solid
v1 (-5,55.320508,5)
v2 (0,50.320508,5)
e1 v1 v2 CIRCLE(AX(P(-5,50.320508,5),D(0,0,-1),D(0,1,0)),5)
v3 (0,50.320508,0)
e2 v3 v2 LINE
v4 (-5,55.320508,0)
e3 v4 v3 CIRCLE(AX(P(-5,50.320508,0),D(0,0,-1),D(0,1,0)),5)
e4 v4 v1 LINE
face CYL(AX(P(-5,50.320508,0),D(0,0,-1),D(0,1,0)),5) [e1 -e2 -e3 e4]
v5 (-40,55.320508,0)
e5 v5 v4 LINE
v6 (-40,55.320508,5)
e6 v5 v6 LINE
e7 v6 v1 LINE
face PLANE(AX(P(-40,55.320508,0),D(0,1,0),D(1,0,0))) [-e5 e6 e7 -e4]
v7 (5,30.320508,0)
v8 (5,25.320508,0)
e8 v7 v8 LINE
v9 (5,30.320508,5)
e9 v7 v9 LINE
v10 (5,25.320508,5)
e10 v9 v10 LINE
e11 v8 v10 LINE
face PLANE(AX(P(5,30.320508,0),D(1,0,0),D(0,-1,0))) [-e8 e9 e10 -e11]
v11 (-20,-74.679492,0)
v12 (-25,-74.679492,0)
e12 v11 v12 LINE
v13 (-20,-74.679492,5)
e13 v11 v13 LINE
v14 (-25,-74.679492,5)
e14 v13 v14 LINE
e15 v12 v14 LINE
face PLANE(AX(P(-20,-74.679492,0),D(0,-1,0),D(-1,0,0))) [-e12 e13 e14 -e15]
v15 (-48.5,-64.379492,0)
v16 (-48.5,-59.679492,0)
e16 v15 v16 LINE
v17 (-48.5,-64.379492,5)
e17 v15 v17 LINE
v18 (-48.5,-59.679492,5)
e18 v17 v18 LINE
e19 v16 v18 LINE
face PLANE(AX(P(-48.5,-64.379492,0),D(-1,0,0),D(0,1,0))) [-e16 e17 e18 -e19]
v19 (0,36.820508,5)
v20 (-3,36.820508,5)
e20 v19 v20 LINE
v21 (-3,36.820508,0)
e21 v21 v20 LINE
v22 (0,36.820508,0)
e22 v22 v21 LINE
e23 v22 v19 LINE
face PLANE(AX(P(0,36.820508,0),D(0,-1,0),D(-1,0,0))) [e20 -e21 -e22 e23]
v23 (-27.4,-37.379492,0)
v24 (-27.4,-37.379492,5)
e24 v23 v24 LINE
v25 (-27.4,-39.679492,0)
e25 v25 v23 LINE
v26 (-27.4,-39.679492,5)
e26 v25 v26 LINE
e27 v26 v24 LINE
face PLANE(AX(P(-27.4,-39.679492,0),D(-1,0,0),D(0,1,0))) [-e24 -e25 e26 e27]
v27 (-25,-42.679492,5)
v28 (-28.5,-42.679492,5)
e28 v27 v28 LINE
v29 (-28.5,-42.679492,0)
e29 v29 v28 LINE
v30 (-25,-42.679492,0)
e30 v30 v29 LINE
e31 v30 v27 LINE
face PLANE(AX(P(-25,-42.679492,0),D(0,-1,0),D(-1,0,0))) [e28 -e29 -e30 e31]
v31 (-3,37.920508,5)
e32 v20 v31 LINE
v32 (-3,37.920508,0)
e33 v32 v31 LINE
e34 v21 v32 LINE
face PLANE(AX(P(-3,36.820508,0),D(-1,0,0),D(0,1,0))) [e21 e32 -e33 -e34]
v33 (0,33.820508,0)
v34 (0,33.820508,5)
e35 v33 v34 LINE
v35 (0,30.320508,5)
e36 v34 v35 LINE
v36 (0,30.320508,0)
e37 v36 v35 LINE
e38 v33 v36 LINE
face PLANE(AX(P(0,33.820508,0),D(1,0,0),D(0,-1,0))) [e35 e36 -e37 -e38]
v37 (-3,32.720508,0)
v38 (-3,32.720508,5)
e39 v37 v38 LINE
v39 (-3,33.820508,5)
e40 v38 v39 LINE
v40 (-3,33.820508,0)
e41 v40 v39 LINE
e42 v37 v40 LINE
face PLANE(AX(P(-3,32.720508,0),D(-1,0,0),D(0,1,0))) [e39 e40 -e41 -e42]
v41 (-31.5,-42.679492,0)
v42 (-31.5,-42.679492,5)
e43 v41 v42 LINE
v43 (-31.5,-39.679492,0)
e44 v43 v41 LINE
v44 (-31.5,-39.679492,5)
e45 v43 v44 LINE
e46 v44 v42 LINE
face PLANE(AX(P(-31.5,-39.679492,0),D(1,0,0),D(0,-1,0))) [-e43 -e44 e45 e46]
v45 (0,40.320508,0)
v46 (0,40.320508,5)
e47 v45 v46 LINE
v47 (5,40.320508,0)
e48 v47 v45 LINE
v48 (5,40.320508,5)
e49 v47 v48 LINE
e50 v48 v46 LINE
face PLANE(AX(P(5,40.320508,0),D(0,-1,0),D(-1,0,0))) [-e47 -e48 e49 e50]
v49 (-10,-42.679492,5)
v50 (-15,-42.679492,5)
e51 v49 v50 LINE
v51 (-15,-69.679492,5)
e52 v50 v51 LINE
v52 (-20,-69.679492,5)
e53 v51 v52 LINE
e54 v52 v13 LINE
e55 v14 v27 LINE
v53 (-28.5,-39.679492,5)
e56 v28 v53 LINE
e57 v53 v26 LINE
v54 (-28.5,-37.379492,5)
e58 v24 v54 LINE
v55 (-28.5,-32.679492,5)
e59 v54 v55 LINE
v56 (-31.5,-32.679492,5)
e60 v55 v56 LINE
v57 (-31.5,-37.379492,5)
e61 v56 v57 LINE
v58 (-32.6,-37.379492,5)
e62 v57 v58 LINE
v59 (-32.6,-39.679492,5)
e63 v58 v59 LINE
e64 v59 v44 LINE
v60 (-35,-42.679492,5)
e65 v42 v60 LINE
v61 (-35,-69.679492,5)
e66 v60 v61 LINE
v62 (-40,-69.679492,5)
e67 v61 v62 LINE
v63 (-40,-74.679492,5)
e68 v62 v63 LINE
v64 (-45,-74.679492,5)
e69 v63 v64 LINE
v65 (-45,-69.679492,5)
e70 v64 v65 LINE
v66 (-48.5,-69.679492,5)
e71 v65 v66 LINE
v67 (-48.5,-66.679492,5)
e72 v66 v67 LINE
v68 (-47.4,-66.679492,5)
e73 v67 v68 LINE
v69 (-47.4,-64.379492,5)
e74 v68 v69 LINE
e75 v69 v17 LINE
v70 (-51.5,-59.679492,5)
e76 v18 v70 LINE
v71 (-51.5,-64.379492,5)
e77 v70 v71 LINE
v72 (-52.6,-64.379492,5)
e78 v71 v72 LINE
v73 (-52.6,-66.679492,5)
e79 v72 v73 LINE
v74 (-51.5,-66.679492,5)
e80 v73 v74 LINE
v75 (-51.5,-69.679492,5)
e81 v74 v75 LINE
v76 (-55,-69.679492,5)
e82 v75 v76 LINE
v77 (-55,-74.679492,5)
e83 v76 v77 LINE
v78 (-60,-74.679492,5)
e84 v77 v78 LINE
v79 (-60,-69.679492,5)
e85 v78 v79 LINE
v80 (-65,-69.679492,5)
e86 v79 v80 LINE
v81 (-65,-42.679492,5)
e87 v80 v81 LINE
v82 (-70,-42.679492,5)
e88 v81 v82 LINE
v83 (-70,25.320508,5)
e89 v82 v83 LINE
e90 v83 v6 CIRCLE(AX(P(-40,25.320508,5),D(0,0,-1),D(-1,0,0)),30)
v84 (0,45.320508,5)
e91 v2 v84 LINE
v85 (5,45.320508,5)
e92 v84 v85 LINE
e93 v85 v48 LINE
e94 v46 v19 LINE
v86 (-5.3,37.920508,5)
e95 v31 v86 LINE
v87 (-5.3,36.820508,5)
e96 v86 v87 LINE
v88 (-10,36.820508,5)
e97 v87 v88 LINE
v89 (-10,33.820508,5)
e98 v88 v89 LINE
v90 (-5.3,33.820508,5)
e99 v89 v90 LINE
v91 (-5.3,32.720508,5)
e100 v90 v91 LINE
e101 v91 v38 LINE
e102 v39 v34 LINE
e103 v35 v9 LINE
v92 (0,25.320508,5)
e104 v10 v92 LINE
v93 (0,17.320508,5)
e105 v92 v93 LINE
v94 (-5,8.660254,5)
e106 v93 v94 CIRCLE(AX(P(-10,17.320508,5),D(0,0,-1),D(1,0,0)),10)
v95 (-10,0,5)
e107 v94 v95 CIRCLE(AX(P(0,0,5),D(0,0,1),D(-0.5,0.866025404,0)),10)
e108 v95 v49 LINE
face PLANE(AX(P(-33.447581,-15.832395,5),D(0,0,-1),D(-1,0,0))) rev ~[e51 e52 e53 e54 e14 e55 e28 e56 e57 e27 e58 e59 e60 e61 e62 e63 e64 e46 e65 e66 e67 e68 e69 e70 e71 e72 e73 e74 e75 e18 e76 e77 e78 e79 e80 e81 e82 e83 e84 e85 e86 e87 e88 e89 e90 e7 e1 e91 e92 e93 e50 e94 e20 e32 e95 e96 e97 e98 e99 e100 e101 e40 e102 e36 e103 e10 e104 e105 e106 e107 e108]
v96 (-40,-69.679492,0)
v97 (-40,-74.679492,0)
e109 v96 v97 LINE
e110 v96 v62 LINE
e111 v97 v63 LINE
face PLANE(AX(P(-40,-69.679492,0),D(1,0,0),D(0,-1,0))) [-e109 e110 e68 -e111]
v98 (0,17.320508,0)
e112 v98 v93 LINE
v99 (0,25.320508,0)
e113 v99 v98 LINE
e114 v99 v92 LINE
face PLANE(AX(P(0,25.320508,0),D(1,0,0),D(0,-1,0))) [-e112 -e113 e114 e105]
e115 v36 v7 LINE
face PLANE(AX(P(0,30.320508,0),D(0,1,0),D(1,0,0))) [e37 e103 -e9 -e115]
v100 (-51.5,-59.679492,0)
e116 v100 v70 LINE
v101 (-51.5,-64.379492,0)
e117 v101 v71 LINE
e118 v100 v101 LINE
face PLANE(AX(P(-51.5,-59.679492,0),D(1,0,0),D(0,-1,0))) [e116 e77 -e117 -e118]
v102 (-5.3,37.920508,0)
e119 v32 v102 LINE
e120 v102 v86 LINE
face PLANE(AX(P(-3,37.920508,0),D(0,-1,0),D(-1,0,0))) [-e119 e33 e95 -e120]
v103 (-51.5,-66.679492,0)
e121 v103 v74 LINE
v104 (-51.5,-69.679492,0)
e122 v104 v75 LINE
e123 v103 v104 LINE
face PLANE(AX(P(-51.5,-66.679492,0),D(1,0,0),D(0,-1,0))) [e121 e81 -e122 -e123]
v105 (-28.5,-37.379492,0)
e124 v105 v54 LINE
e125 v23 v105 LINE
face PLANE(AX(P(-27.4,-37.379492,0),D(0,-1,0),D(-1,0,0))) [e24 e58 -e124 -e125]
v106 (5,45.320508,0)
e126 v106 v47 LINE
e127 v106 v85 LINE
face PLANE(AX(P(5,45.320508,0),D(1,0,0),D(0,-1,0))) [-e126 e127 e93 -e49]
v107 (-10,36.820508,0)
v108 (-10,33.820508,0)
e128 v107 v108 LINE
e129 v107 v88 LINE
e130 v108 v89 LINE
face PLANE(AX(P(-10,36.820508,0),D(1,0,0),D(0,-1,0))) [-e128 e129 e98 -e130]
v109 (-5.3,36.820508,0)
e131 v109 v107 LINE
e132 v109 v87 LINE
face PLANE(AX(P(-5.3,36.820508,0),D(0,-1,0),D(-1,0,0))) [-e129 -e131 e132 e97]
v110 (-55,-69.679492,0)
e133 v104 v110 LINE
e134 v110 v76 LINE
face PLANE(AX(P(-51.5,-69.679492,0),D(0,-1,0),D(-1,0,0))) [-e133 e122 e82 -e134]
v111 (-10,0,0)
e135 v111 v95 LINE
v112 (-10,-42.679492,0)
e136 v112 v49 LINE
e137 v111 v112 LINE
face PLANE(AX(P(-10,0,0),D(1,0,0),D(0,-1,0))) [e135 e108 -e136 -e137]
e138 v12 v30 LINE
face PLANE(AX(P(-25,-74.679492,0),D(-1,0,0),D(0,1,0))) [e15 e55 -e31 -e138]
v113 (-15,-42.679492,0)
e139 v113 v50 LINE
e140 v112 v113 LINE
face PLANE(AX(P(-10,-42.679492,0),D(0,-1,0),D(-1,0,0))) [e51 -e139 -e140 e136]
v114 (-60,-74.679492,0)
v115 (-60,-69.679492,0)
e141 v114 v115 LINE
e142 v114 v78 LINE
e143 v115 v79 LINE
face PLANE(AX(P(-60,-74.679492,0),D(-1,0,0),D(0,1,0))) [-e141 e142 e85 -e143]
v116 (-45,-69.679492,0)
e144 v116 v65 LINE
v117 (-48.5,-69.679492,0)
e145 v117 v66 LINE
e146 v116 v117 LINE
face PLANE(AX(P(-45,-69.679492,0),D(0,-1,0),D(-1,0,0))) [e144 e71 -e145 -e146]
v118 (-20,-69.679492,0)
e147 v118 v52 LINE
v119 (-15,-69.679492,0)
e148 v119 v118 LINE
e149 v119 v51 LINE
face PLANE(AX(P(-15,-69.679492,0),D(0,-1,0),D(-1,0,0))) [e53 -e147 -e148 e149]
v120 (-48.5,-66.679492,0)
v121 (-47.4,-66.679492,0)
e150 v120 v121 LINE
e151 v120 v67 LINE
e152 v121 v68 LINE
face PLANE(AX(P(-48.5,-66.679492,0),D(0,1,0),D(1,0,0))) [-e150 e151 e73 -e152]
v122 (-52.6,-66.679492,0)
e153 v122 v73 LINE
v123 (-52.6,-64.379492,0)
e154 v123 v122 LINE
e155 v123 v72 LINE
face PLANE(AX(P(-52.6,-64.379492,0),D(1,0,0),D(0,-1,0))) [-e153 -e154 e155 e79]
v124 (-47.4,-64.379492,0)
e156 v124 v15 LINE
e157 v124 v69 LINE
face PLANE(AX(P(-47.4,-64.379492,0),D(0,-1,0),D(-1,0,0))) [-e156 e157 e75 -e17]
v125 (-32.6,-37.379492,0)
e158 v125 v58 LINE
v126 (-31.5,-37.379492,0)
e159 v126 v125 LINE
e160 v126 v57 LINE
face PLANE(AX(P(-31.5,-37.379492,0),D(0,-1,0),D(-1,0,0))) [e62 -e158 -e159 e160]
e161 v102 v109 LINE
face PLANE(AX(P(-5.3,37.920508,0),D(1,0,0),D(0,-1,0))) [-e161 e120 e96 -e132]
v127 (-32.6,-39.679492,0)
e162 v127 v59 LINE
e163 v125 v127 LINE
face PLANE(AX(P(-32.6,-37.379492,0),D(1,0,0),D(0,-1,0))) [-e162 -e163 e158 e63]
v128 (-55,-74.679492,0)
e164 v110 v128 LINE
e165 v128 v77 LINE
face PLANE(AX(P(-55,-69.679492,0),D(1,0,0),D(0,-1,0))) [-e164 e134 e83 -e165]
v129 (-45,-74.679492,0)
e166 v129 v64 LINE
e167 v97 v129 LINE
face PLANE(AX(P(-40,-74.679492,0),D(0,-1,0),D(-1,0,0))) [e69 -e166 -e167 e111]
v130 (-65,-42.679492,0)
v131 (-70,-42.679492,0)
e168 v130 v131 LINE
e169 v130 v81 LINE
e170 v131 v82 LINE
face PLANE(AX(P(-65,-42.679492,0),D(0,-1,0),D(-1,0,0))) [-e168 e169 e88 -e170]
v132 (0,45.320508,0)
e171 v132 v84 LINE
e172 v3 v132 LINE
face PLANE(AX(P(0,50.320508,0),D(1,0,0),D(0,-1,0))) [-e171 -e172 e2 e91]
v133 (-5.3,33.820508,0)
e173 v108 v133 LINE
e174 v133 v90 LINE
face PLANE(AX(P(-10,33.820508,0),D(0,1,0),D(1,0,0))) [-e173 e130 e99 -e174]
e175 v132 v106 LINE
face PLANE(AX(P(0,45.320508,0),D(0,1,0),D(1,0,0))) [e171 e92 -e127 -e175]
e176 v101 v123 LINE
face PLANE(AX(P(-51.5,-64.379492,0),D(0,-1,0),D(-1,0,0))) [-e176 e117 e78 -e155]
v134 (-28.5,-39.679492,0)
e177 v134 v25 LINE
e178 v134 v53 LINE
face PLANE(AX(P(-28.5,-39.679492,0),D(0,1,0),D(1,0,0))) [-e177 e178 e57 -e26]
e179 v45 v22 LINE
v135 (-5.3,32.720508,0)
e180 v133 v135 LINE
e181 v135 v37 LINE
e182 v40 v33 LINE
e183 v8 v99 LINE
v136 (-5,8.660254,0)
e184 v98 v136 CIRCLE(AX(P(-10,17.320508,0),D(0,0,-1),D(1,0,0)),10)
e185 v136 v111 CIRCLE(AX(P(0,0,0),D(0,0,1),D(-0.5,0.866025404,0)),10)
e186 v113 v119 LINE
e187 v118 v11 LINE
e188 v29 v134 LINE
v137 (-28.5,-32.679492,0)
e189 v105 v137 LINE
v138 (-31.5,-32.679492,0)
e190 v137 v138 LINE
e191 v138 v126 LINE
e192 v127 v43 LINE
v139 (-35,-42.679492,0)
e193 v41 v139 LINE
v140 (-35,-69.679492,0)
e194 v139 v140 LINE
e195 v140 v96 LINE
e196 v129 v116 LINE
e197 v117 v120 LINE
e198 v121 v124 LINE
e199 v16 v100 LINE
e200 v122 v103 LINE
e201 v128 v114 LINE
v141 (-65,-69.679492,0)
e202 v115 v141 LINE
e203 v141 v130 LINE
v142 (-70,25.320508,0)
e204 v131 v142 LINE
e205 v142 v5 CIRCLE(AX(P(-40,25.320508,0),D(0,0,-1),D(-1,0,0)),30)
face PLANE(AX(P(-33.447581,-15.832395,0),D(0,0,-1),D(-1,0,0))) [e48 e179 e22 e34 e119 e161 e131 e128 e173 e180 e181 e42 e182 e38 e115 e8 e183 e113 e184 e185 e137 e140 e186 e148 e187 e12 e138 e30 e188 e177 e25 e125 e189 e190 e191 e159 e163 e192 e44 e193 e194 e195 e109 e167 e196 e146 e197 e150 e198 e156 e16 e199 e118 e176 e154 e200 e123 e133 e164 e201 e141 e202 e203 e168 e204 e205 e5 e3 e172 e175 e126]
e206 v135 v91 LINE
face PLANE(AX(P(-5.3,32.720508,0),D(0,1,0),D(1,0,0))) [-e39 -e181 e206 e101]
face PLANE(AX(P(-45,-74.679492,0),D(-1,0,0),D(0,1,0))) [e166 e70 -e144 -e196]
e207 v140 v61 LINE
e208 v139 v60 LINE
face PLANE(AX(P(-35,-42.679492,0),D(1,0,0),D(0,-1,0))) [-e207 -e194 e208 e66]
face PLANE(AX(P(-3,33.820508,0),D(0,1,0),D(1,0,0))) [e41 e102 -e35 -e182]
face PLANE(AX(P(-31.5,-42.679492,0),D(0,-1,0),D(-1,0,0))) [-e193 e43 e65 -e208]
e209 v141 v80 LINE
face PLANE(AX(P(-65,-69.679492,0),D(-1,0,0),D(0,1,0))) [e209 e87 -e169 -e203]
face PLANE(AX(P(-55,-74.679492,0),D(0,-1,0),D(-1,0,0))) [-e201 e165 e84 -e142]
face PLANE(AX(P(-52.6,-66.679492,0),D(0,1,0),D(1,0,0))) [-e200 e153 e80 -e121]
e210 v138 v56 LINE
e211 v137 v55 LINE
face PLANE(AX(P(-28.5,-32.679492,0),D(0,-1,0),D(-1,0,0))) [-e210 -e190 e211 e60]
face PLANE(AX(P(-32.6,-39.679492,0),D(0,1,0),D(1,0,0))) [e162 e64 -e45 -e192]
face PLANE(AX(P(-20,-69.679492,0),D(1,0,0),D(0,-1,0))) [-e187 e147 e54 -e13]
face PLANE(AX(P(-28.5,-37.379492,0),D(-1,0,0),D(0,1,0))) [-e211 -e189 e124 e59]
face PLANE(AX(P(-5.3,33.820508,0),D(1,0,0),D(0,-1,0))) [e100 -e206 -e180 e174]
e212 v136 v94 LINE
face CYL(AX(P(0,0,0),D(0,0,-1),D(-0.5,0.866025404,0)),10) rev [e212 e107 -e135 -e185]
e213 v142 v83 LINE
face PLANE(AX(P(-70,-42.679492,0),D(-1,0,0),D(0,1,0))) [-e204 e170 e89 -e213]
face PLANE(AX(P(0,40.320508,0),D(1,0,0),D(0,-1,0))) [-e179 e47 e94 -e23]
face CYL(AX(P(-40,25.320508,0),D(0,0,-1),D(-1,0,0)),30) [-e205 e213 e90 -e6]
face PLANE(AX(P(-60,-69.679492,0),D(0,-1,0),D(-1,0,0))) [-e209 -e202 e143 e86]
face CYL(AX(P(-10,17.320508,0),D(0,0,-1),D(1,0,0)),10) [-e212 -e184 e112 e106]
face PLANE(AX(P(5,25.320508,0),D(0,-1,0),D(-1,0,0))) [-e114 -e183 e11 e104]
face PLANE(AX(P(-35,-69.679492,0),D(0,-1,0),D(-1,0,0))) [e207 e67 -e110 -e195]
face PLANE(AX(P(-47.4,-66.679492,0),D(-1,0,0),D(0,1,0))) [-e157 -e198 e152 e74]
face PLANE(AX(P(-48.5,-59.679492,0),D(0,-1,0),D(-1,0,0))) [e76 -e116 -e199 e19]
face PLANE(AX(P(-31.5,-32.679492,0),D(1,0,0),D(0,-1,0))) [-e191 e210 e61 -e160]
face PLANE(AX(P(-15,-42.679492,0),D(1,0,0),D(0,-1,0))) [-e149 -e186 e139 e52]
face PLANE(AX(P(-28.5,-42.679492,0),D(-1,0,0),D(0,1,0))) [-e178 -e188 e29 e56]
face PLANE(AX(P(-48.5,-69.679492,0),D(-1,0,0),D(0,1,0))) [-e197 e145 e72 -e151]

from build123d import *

# Parameters (mm, degrees)
BOSS_EXTRU_1_DEPTH = 5


with BuildPart() as part:
    # Esquisse1 → Boss.-Extru.1 (new body)
    with BuildSketch(Plane.XY):
        with BuildLine():
            Line((-10, 0), (-10, -42.679491924))
            Line((-10, -42.679491924), (-15, -42.679491924))
            Line((-15, -42.679491924), (-15, -69.679491924))
            Line((-15, -69.679491924), (-20, -69.679491924))
            Line((-20, -69.679491924), (-20, -74.679491924))
            Line((-20, -74.679491924), (-25, -74.679491924))
            Line((-25, -74.679491924), (-25, -42.679491924))
            Line((-25, -42.679491924), (-28.5, -42.679491924))
            Line((-28.5, -42.679491924), (-28.5, -39.679491924))
            Line((-28.5, -39.679491924), (-27.4, -39.679491924))
            Line((-27.4, -39.679491924), (-27.4, -37.379491924))
            Line((-27.4, -37.379491924), (-28.5, -37.379491924))
            Line((-28.5, -37.379491924), (-28.5, -32.679491924))
            Line((-28.5, -32.679491924), (-31.5, -32.679491924))
            Line((-31.5, -32.679491924), (-31.5, -37.379491924))
            Line((-31.5, -37.379491924), (-32.6, -37.379491924))
            Line((-32.6, -37.379491924), (-32.6, -39.679491924))
            Line((-32.6, -39.679491924), (-31.5, -39.679491924))
            Line((-31.5, -39.679491924), (-31.5, -42.679491924))
            Line((-31.5, -42.679491924), (-35, -42.679491924))
            Line((-35, -42.679491924), (-35, -69.679491924))
            Line((-35, -69.679491924), (-40, -69.679491924))
            Line((-40, -69.679491924), (-40, -74.679491924))
            Line((-40, -74.679491924), (-45, -74.679491924))
            Line((-45, -74.679491924), (-45, -69.679491924))
            Line((-45, -69.679491924), (-48.5, -69.679491924))
            Line((-48.5, -69.679491924), (-48.5, -66.679491924))
            Line((-48.5, -66.679491924), (-47.4, -66.679491924))
            Line((-47.4, -66.679491924), (-47.4, -64.379491924))
            Line((-47.4, -64.379491924), (-48.5, -64.379491924))
            Line((-48.5, -64.379491924), (-48.5, -59.679491924))
            Line((-48.5, -59.679491924), (-51.5, -59.679491924))
            Line((-51.5, -59.679491924), (-51.5, -64.379491924))
            Line((-51.5, -64.379491924), (-52.6, -64.379491924))
            Line((-52.6, -64.379491924), (-52.6, -66.679491924))
            Line((-52.6, -66.679491924), (-51.5, -66.679491924))
            Line((-51.5, -66.679491924), (-51.5, -69.679491924))
            Line((-51.5, -69.679491924), (-55, -69.679491924))
            Line((-55, -69.679491924), (-55, -74.679491924))
            Line((-55, -74.679491924), (-60, -74.679491924))
            Line((-60, -74.679491924), (-60, -69.679491924))
            Line((-60, -69.679491924), (-65, -69.679491924))
            Line((-65, -69.679491924), (-65, -42.679491924))
            Line((-65, -42.679491924), (-70, -42.679491924))
            Line((-70, -42.679491924), (-70, 25.320508076))
            ThreePointArc((-70, 25.320508076), (-61.213203436, 46.533711511), (-40, 55.320508076))
            Line((-40, 55.320508076), (-5, 55.320508076))
            ThreePointArc((-5, 55.320508076), (-1.464466094, 53.856041982), (0, 50.320508076))
            Line((0, 50.320508076), (0, 45.320508076))
            Line((0, 45.320508076), (5, 45.320508076))
            Line((5, 45.320508076), (5, 40.320508076))
            Line((5, 40.320508076), (0, 40.320508076))
            Line((0, 40.320508076), (0, 36.820508076))
            Line((0, 36.820508076), (-3, 36.820508076))
            Line((-3, 36.820508076), (-3, 37.920508076))
            Line((-3, 37.920508076), (-5.3, 37.920508076))
            Line((-5.3, 37.920508076), (-5.3, 36.820508076))
            Line((-5.3, 36.820508076), (-10, 36.820508076))
            Line((-10, 36.820508076), (-10, 33.820508076))
            Line((-10, 33.820508076), (-5.3, 33.820508076))
            Line((-5.3, 33.820508076), (-5.3, 32.720508076))
            Line((-5.3, 32.720508076), (-3, 32.720508076))
            Line((-3, 32.720508076), (-3, 33.820508076))
            Line((-3, 33.820508076), (0, 33.820508076))
            Line((0, 33.820508076), (0, 30.320508076))
            Line((0, 30.320508076), (5, 30.320508076))
            Line((5, 30.320508076), (5, 25.320508076))
            Line((5, 25.320508076), (0, 25.320508076))
            Line((0, 25.320508076), (0, 17.320508076))
            ThreePointArc((0, 17.320508076), (-1.339745962, 12.320508076), (-5, 8.660254038))
            ThreePointArc((-5, 8.660254038), (-8.660254038, 5), (-10, 0))
        make_face()
    extrude(amount=BOSS_EXTRU_1_DEPTH)


solid = part.part
